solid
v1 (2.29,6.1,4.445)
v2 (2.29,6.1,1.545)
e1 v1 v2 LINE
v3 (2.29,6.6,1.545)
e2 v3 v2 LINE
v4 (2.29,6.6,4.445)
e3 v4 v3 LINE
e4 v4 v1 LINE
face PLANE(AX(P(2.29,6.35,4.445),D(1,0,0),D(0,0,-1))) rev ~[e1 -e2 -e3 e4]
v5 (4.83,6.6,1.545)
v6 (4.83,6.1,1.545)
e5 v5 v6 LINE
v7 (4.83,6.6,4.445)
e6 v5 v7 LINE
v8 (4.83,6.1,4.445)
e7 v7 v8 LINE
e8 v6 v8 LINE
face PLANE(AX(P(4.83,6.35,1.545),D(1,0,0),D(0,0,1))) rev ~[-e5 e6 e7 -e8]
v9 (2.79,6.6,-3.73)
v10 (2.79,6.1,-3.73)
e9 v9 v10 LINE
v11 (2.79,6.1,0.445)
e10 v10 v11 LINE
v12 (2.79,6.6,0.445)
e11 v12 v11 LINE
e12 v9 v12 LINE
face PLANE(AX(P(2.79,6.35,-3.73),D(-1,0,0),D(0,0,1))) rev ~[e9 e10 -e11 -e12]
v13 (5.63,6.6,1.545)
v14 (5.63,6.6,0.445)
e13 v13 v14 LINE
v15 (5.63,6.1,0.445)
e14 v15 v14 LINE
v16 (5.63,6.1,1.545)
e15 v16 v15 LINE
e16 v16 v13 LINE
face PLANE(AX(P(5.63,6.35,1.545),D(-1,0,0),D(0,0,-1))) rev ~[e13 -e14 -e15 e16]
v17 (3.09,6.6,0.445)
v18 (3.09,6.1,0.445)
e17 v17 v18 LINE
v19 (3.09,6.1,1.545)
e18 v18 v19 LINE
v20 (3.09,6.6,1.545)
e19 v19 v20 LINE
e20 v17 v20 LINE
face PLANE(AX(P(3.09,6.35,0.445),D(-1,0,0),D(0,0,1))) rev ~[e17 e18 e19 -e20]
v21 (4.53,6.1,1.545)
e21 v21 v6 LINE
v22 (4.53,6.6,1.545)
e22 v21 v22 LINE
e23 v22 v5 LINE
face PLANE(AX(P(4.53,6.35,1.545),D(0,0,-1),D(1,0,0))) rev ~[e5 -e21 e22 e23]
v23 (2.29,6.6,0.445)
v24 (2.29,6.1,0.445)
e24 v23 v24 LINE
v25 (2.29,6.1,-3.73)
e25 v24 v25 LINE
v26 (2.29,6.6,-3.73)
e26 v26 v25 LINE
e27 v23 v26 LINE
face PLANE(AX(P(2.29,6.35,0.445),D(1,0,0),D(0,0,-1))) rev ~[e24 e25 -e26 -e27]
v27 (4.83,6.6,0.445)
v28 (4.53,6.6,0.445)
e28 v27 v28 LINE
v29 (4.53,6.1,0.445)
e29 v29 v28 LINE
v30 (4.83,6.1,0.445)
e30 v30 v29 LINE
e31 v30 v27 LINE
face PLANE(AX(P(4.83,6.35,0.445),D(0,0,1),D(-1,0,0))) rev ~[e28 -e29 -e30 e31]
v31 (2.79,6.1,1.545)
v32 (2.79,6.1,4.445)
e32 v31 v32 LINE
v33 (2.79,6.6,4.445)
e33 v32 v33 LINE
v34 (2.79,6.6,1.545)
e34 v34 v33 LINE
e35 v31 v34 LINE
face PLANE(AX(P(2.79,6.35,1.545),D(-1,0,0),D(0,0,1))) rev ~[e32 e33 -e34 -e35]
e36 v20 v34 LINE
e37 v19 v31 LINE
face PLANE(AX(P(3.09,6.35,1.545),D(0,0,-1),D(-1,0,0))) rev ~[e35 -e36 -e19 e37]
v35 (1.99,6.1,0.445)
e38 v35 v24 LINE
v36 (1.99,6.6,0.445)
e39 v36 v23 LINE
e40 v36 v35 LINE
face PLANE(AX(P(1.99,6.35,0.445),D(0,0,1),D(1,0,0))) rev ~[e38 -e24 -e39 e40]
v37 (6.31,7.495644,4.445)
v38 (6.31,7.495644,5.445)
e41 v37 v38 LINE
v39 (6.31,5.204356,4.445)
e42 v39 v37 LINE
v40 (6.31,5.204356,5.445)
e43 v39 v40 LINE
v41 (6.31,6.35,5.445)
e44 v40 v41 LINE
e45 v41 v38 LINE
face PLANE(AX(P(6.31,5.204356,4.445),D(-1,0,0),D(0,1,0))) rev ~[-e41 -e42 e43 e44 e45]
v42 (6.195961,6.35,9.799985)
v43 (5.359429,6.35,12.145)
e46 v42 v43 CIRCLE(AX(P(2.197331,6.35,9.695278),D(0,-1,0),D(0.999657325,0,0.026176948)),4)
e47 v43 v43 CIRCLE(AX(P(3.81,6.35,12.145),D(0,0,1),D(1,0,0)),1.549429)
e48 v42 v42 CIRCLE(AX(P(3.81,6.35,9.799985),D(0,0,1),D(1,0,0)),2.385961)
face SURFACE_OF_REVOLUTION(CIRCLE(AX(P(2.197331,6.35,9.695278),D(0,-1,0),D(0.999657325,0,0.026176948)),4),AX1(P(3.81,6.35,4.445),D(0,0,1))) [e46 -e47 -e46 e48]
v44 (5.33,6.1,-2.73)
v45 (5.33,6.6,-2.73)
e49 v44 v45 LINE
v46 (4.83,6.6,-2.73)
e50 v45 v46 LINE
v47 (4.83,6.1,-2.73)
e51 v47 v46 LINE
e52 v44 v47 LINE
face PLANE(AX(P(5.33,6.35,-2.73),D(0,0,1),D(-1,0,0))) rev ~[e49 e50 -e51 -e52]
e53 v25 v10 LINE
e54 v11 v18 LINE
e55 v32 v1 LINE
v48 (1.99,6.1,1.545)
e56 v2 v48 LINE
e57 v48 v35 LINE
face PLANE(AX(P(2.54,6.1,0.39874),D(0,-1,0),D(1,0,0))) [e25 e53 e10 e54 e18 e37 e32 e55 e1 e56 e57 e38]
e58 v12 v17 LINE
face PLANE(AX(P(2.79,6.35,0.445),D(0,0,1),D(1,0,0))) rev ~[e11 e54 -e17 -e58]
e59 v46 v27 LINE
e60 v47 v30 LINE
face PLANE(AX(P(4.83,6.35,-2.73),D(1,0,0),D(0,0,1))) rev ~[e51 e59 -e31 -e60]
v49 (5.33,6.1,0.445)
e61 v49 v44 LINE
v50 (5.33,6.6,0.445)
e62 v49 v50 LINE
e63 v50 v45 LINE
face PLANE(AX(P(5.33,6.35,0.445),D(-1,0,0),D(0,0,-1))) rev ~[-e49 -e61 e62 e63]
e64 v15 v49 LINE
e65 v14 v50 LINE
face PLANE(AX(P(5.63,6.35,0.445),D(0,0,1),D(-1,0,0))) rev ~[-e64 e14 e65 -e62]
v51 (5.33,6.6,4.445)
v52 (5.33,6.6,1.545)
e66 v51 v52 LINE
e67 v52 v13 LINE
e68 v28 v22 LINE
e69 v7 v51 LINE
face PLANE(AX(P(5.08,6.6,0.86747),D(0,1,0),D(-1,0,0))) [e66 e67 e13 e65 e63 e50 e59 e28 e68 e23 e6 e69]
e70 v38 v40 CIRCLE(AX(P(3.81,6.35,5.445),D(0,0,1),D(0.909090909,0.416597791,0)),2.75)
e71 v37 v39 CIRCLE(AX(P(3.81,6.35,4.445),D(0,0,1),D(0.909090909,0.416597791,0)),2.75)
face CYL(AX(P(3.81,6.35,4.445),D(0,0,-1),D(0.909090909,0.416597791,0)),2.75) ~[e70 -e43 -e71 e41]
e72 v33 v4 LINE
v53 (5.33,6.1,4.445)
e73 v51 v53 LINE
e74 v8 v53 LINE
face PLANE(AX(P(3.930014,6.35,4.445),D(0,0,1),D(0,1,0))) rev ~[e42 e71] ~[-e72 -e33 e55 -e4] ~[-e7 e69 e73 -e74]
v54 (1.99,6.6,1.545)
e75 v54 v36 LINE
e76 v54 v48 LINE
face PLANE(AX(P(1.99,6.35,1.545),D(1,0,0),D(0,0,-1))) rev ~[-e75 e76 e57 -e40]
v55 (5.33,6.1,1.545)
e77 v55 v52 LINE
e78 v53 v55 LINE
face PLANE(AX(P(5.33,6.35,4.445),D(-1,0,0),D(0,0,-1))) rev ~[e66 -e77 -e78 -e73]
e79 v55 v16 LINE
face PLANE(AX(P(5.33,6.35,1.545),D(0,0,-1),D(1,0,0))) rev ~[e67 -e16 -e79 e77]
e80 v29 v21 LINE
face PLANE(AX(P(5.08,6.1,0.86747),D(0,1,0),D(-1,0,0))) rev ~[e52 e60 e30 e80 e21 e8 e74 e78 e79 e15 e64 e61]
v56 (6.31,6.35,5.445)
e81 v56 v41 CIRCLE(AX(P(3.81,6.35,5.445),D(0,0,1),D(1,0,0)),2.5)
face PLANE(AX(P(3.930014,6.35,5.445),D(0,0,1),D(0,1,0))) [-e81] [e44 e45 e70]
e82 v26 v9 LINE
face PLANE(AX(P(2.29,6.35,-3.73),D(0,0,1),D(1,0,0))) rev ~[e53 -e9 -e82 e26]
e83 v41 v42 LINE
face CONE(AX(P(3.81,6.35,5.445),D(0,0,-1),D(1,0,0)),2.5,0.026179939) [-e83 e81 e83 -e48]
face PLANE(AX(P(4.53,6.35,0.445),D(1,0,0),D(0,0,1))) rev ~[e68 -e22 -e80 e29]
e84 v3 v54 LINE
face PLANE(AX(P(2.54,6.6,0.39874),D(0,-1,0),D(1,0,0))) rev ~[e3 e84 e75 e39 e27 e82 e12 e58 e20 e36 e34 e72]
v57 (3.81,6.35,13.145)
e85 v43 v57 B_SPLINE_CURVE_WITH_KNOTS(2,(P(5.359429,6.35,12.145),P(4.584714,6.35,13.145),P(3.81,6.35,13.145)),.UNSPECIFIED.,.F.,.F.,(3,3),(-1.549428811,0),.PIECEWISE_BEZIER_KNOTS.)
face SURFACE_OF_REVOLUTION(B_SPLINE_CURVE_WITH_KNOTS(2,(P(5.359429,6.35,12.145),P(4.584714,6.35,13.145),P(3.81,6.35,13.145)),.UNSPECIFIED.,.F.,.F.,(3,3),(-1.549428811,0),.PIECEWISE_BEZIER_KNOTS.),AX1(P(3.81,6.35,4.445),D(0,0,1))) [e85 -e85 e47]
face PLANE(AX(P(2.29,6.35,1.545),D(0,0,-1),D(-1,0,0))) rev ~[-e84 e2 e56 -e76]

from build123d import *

# Parameters (mm, degrees)
PAD002_DEPTH             = 1
PAD003_DEPTH             = 0.25
BODY001_PLACEMENT_ANGLE  = 90
CLONE009_PLACEMENT_ANGLE = 180


with BuildPart() as part:
    # Sketch003 → Pad002 (new body)
    with BuildSketch(Plane.XY):
        with BuildLine():
            ThreePointArc((1.1456439239, -2.4999999999), (0, 2.75), (-1.1456439239, -2.4999999999))
            Line((-1.1456439239, -2.5), (1.1456439239, -2.5))
        make_face()
    extrude(amount=PAD002_DEPTH)

    # Sketch004 → Revolution001 (revolve)
    with BuildSketch(Plane.YZ):
        with BuildLine():
            add(Edge.make_bspline(
                [(-1.5494288107, 7.7), (-0.7747144053, 8.7), (0, 8.7)],
                knots=[-1.5494288107, -1.5494288107, -1.5494288107, 0, 0, 0], degree=2))
            Line((0, 8.7), (0, 1))
            Line((0, 1), (-2.5, 1))
            Line((-2.5, 1), (-2.3859606946, 5.3549853739))
            ThreePointArc((-2.3859606946, 5.3549853739), (-2.1547940918, 6.5942362206), (-1.5494288107, 7.7))
        make_face()
    revolve(axis=Axis((0, 0, 0), (0, 0, 1)))

    # Sketch005 → Pad003 (join, symmetric)
    with BuildSketch(Plane.YZ):
        Polygon((-1.52, 0), (-1.52, -2.9), (-1.82, -2.9), (-1.82, -4), (-1.52, -4), (-1.52, -7.175), (-1.02, -7.175), (-1.02, -4), (-0.72, -4), (-0.72, -2.9), (-1.02, -2.9), (-1.02, 0), align=None)
        Polygon((1.02, 0), (1.52, 0), (1.52, -2.9), (1.82, -2.9), (1.82, -4), (1.52, -4), (1.52, -8.175), (1.02, -8.175), (1.02, -4), (0.72, -4), (0.72, -2.9), (1.02, -2.9), align=None)
    extrude(amount=PAD003_DEPTH, both=True)


with BuildPart() as part_1:
    # Body001 placement: moved
    add(part.part.moved(Location((-3.81, 6.35, 4.445))).rotate(Axis((-3.81, 6.35, 4.445), (0, 0, -1)), BODY001_PLACEMENT_ANGLE))


with BuildPart() as part_2:
    # Clone009 placement: moved
    add(part_1.part.moved(Location((0, 12.7, 0))).rotate(Axis((0, 12.7, 0), (0, 0, 1)), CLONE009_PLACEMENT_ANGLE))


solid = part_2.part
